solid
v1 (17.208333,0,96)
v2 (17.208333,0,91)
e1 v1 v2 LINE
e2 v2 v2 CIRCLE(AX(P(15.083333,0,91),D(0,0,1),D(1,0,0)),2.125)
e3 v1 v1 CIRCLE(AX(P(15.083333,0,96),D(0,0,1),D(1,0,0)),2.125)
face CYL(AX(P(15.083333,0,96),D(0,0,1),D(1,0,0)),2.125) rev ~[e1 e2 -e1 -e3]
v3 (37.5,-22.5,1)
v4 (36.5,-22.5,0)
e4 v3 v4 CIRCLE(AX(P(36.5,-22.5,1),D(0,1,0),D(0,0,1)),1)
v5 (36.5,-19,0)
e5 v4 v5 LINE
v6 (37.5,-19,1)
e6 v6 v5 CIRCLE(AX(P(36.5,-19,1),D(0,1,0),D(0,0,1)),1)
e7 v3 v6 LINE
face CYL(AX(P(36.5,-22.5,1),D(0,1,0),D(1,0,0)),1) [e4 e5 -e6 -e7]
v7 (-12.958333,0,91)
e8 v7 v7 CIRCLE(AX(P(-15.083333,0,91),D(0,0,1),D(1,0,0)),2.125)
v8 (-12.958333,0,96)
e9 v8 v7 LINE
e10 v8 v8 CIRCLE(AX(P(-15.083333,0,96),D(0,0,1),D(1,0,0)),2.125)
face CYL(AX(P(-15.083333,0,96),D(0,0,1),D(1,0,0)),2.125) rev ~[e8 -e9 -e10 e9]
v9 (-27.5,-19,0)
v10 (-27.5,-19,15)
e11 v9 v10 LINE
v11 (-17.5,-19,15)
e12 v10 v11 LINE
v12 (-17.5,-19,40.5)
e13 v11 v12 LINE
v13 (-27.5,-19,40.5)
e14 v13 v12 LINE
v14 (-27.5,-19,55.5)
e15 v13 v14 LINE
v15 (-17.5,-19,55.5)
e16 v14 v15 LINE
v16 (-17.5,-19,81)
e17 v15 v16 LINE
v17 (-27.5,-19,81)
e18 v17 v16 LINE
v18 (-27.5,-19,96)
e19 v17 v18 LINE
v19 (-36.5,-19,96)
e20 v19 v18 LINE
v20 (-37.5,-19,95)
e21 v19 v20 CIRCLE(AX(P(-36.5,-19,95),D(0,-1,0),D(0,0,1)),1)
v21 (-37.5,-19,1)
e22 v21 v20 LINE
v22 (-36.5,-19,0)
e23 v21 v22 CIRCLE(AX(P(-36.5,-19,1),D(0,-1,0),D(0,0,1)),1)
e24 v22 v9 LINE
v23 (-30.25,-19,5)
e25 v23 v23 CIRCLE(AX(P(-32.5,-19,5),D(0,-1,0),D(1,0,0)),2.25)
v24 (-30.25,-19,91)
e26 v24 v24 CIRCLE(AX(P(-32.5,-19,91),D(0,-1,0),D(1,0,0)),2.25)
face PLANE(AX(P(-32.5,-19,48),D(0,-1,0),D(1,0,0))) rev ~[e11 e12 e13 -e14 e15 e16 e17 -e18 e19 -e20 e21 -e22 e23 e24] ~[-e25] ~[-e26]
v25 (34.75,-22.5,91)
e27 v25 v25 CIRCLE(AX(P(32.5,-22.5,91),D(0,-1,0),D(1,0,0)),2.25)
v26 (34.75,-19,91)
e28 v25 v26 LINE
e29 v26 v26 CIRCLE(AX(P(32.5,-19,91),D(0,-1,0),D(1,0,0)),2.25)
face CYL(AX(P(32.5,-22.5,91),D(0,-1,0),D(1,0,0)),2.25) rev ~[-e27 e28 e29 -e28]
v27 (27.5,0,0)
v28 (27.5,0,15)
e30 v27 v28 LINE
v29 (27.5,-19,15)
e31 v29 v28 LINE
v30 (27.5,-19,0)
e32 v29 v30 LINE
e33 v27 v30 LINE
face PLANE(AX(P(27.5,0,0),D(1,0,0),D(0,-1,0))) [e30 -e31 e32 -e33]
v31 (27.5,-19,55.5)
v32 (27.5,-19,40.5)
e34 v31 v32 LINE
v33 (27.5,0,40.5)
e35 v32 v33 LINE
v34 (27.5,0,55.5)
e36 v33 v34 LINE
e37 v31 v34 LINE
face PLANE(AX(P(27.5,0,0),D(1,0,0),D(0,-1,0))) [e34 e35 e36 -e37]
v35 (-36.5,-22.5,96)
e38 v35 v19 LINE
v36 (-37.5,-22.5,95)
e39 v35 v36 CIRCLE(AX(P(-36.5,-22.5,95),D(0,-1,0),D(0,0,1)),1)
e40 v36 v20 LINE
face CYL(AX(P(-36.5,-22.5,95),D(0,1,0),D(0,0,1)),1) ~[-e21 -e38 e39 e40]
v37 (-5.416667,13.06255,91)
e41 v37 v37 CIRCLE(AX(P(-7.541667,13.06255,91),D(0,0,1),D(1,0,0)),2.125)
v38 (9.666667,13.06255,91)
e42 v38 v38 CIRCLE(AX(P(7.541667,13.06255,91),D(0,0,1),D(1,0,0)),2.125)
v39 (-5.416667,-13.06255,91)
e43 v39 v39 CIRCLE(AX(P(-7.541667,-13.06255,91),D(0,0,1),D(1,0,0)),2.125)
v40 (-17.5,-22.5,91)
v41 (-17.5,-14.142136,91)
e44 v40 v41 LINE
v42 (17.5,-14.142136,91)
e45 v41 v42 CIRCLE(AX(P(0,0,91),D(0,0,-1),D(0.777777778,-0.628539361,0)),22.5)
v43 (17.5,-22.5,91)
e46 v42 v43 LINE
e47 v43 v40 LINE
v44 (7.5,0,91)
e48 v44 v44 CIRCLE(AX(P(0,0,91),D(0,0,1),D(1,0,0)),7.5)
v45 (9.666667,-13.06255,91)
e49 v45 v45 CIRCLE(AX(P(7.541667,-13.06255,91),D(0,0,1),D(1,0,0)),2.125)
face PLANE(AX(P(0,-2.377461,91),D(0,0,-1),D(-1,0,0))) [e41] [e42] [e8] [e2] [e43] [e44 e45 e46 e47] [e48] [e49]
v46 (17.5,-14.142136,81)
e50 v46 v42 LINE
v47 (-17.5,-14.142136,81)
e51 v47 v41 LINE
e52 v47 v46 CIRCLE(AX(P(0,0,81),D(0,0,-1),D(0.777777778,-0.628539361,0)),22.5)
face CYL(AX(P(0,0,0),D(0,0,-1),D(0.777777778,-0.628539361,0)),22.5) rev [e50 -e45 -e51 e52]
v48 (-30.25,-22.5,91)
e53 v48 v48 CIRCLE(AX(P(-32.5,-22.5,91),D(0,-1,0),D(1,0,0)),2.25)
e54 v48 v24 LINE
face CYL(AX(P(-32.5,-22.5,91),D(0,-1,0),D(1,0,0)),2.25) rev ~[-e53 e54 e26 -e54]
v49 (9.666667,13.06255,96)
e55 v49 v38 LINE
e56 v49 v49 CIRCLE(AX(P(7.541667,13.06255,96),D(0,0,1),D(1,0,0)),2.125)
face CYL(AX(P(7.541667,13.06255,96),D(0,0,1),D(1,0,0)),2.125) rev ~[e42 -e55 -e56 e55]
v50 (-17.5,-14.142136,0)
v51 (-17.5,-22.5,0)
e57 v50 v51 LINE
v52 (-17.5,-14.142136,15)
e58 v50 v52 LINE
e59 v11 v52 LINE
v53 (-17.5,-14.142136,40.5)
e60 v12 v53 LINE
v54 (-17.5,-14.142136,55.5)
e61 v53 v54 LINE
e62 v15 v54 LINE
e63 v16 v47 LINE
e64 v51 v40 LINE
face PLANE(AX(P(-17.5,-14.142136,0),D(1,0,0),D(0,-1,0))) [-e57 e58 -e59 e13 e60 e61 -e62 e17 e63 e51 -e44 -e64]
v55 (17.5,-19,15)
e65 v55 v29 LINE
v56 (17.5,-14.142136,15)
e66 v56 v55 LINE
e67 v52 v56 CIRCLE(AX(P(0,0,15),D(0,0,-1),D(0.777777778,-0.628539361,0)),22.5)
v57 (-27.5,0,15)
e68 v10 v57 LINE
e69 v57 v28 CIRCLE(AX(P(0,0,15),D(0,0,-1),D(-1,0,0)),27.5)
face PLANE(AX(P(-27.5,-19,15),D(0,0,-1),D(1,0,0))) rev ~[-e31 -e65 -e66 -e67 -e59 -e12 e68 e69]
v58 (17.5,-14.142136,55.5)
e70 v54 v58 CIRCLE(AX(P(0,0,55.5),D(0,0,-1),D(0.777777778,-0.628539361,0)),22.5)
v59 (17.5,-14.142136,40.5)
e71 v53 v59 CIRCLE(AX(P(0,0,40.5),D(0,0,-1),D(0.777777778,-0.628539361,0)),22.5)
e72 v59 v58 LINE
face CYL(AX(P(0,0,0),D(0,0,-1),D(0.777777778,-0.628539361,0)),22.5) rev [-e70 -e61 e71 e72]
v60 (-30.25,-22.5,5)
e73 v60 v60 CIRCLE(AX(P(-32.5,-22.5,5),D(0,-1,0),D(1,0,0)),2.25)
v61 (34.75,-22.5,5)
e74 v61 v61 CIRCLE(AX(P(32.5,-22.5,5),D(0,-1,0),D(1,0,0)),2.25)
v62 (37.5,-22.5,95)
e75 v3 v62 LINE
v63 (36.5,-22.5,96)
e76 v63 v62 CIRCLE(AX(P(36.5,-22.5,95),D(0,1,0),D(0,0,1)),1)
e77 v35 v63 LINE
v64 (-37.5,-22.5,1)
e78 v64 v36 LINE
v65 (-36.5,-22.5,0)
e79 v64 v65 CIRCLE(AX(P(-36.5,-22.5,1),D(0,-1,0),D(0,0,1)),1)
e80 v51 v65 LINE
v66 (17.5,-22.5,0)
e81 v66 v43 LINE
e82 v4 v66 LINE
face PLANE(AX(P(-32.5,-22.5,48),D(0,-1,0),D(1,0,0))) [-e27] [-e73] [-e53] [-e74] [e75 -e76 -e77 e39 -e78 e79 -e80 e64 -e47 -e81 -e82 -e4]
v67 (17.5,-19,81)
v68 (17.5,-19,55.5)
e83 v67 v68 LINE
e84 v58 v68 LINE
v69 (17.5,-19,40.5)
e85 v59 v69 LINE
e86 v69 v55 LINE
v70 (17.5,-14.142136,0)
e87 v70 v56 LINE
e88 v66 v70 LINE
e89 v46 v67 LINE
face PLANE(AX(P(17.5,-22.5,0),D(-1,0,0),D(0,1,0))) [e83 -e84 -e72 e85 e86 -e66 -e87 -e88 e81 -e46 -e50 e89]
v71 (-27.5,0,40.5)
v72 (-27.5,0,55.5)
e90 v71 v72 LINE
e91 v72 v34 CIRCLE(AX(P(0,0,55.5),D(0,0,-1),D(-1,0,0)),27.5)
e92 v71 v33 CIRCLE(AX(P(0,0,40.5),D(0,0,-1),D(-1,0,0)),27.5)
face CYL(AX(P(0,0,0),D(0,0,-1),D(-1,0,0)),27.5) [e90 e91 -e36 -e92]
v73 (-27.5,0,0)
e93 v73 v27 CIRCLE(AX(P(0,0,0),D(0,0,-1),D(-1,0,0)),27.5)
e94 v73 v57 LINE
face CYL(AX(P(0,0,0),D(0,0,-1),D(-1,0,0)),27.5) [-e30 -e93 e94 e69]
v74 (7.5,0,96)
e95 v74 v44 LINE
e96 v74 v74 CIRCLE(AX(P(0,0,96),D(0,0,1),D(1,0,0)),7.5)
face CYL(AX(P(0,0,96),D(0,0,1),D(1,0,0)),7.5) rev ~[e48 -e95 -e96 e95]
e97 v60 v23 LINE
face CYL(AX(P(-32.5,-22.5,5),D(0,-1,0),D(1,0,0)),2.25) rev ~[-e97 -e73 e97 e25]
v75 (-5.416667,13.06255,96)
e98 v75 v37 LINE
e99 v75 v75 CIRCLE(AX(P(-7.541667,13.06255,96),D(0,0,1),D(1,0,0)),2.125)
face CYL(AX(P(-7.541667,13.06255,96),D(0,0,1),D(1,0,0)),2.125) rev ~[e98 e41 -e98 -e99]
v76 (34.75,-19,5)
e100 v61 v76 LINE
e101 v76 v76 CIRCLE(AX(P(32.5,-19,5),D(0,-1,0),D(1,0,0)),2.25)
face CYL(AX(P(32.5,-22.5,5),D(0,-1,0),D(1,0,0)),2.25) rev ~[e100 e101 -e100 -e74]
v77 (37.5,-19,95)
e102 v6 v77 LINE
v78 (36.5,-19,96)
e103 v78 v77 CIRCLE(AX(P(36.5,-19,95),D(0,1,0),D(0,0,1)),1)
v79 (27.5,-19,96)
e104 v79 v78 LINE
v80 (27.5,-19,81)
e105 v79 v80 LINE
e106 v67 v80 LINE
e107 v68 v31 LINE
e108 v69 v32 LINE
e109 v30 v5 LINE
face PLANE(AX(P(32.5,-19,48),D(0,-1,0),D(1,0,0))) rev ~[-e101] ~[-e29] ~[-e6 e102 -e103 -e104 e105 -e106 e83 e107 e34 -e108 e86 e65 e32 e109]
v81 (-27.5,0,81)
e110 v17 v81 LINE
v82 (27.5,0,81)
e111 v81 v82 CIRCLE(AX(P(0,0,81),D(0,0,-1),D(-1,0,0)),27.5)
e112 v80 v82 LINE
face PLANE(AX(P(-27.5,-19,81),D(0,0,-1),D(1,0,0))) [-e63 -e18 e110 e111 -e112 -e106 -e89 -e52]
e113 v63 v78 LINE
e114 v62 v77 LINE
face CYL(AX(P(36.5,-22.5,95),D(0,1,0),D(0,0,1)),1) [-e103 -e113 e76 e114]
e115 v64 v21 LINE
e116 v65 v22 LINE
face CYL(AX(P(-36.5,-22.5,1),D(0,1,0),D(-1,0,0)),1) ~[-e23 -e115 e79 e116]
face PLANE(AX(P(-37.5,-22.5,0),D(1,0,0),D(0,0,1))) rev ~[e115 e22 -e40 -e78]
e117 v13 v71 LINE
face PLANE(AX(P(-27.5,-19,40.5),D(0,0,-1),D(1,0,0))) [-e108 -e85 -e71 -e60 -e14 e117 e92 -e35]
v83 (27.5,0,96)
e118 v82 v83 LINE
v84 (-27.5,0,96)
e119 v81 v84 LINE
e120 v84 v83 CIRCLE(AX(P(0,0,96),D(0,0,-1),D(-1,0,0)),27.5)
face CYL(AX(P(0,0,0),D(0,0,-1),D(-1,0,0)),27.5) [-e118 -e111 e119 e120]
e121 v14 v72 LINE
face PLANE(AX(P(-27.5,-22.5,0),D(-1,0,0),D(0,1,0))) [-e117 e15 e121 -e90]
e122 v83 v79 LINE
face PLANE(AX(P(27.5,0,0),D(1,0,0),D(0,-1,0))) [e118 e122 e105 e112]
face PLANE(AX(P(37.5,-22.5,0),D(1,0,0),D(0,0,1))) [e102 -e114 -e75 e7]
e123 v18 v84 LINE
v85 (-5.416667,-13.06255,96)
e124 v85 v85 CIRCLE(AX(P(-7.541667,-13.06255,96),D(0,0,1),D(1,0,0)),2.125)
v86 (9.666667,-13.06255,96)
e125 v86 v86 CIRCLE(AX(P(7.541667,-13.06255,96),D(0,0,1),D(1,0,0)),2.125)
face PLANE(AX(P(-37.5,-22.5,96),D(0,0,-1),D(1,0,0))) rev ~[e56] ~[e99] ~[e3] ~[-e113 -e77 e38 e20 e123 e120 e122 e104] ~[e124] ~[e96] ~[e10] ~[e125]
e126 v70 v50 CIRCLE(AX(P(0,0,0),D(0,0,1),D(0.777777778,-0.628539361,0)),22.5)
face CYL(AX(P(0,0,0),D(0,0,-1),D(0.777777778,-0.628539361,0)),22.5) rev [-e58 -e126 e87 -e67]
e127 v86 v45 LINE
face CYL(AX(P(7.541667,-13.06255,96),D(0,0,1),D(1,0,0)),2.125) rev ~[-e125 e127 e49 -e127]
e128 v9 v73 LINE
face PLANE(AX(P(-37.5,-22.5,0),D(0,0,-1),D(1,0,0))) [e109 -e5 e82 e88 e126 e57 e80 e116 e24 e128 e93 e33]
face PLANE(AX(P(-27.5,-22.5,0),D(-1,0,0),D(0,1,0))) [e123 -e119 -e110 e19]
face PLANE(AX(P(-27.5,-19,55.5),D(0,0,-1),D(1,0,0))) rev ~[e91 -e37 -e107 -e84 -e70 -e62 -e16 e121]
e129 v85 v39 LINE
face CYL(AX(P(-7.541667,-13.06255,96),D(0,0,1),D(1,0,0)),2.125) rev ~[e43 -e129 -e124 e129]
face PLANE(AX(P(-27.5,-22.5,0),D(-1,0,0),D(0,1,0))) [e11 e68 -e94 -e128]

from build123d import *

# Parameters (mm, degrees)
BOSS_EXTRUDE2_DEPTH = 96
SKETCH4_W           = 10
SKETCH4_H           = 96
SKETCH4_R           = 2.25
BOSS_EXTRUDE3_DEPTH = 3.5
BOSS_EXTRUDE4_START = -5
BOSS_EXTRUDE4_DEPTH = 5
SKETCH6_R           = 2.125
CUT_EXTRUDE1_DEPTH  = 5
SKETCH7_R           = 7.5
CUT_EXTRUDE2_DEPTH  = 97
SKETCH8_W           = 55
SKETCH8_H           = 25.5
CUT_EXTRUDE3_DEPTH  = 47.5
FILLET1_R           = 1


with BuildPart() as part:
    # Sketch1 → Boss-Extrude2 (new body)
    with BuildSketch(Plane.XY):
        with BuildLine():
            Line((-27.5, -22.5), (-27.5, 0))
            ThreePointArc((-27.5, 0), (0, 27.5), (27.5, 0))
            Line((27.5, 0), (27.5, -22.5))
            Line((27.5, -22.5), (17.5, -22.5))
            Line((17.5, -22.5), (17.5, -14.142135624))
            ThreePointArc((17.5, -14.142135624), (0, 22.5), (-17.5, -14.142135624))
            Line((-17.5, -14.142135624), (-17.5, -22.5))
            Line((-17.5, -22.5), (-27.5, -22.5))
        make_face()
    extrude(amount=BOSS_EXTRUDE2_DEPTH)

    # Sketch4 → Boss-Extrude3 (add)
    with BuildSketch(Plane.XZ.offset(22.5)):
        with Locations((-32.5, 48)):
            Rectangle(SKETCH4_W, SKETCH4_H)
        with Locations((-32.5, 91)):
            Circle(SKETCH4_R, mode=Mode.SUBTRACT)
        with Locations((-32.5, 5)):
            Circle(SKETCH4_R, mode=Mode.SUBTRACT)
        with Locations((32.5, 48)):
            Rectangle(SKETCH4_W, SKETCH4_H)
        with Locations((32.5, 5)):
            Circle(SKETCH4_R, mode=Mode.SUBTRACT)
        with Locations((32.5, 91)):
            Circle(SKETCH4_R, mode=Mode.SUBTRACT)
    extrude(amount=-BOSS_EXTRUDE3_DEPTH)

    # Sketch5 → Boss-Extrude4 (add)
    with BuildSketch(Plane.XY.offset(96).offset(BOSS_EXTRUDE4_START)):
        with BuildLine():
            Line((-27.5, -19), (-27.5, 0))
            ThreePointArc((-27.5, 0), (0, 27.5), (27.5, 0))
            Line((27.5, 0), (27.5, -19))
            Line((27.5, -19), (27.5, -22.5))
            Line((27.5, -22.5), (-27.5, -22.5))
            Line((-27.5, -22.5), (-27.5, -19))
        make_face()
    extrude(amount=BOSS_EXTRUDE4_DEPTH)

    # Sketch6 → Cut-Extrude1 (cut)
    with BuildSketch(Plane.XY.offset(96)):
        with Locations((-7.541666667, 13.06254984)):
            Circle(SKETCH6_R)
        with Locations((7.541666667, 13.06254984)):
            Circle(SKETCH6_R)
        with Locations((15.083333333, 0)):
            Circle(SKETCH6_R)
        with Locations((7.541666667, -13.06254984)):
            Circle(SKETCH6_R)
        with Locations((-7.541666667, -13.06254984)):
            Circle(SKETCH6_R)
        with Locations((-15.083333333, 0)):
            Circle(SKETCH6_R)
    extrude(amount=-CUT_EXTRUDE1_DEPTH, mode=Mode.SUBTRACT)

    # Sketch7 → Cut-Extrude2 (cut, through all)
    with BuildSketch(Plane.XY.offset(96)):
        Circle(SKETCH7_R)
    extrude(amount=-CUT_EXTRUDE2_DEPTH, mode=Mode.SUBTRACT)

    # Sketch8 → Cut-Extrude3 (cut, through all)
    with BuildSketch(Plane(origin=(0, -19, 0), x_dir=(1, 0, 0), z_dir=(0, 1, 0))):
        with Locations((0, -27.75)):
            Rectangle(SKETCH8_W, SKETCH8_H)
        with Locations((0, -68.25)):
            Rectangle(SKETCH8_W, SKETCH8_H)
    extrude(amount=CUT_EXTRUDE3_DEPTH, mode=Mode.SUBTRACT)

    # Fillet1
    fillet1_edges = [part.edges().sort_by_distance(p)[0] for p in [
        (-37.5, -20.75, 0),
        (-37.5, -20.75, 96),
        (37.5, -20.75, 96),
        (37.5, -20.75, 0),
    ]]
    fillet(fillet1_edges, radius=FILLET1_R)


solid = part.part
